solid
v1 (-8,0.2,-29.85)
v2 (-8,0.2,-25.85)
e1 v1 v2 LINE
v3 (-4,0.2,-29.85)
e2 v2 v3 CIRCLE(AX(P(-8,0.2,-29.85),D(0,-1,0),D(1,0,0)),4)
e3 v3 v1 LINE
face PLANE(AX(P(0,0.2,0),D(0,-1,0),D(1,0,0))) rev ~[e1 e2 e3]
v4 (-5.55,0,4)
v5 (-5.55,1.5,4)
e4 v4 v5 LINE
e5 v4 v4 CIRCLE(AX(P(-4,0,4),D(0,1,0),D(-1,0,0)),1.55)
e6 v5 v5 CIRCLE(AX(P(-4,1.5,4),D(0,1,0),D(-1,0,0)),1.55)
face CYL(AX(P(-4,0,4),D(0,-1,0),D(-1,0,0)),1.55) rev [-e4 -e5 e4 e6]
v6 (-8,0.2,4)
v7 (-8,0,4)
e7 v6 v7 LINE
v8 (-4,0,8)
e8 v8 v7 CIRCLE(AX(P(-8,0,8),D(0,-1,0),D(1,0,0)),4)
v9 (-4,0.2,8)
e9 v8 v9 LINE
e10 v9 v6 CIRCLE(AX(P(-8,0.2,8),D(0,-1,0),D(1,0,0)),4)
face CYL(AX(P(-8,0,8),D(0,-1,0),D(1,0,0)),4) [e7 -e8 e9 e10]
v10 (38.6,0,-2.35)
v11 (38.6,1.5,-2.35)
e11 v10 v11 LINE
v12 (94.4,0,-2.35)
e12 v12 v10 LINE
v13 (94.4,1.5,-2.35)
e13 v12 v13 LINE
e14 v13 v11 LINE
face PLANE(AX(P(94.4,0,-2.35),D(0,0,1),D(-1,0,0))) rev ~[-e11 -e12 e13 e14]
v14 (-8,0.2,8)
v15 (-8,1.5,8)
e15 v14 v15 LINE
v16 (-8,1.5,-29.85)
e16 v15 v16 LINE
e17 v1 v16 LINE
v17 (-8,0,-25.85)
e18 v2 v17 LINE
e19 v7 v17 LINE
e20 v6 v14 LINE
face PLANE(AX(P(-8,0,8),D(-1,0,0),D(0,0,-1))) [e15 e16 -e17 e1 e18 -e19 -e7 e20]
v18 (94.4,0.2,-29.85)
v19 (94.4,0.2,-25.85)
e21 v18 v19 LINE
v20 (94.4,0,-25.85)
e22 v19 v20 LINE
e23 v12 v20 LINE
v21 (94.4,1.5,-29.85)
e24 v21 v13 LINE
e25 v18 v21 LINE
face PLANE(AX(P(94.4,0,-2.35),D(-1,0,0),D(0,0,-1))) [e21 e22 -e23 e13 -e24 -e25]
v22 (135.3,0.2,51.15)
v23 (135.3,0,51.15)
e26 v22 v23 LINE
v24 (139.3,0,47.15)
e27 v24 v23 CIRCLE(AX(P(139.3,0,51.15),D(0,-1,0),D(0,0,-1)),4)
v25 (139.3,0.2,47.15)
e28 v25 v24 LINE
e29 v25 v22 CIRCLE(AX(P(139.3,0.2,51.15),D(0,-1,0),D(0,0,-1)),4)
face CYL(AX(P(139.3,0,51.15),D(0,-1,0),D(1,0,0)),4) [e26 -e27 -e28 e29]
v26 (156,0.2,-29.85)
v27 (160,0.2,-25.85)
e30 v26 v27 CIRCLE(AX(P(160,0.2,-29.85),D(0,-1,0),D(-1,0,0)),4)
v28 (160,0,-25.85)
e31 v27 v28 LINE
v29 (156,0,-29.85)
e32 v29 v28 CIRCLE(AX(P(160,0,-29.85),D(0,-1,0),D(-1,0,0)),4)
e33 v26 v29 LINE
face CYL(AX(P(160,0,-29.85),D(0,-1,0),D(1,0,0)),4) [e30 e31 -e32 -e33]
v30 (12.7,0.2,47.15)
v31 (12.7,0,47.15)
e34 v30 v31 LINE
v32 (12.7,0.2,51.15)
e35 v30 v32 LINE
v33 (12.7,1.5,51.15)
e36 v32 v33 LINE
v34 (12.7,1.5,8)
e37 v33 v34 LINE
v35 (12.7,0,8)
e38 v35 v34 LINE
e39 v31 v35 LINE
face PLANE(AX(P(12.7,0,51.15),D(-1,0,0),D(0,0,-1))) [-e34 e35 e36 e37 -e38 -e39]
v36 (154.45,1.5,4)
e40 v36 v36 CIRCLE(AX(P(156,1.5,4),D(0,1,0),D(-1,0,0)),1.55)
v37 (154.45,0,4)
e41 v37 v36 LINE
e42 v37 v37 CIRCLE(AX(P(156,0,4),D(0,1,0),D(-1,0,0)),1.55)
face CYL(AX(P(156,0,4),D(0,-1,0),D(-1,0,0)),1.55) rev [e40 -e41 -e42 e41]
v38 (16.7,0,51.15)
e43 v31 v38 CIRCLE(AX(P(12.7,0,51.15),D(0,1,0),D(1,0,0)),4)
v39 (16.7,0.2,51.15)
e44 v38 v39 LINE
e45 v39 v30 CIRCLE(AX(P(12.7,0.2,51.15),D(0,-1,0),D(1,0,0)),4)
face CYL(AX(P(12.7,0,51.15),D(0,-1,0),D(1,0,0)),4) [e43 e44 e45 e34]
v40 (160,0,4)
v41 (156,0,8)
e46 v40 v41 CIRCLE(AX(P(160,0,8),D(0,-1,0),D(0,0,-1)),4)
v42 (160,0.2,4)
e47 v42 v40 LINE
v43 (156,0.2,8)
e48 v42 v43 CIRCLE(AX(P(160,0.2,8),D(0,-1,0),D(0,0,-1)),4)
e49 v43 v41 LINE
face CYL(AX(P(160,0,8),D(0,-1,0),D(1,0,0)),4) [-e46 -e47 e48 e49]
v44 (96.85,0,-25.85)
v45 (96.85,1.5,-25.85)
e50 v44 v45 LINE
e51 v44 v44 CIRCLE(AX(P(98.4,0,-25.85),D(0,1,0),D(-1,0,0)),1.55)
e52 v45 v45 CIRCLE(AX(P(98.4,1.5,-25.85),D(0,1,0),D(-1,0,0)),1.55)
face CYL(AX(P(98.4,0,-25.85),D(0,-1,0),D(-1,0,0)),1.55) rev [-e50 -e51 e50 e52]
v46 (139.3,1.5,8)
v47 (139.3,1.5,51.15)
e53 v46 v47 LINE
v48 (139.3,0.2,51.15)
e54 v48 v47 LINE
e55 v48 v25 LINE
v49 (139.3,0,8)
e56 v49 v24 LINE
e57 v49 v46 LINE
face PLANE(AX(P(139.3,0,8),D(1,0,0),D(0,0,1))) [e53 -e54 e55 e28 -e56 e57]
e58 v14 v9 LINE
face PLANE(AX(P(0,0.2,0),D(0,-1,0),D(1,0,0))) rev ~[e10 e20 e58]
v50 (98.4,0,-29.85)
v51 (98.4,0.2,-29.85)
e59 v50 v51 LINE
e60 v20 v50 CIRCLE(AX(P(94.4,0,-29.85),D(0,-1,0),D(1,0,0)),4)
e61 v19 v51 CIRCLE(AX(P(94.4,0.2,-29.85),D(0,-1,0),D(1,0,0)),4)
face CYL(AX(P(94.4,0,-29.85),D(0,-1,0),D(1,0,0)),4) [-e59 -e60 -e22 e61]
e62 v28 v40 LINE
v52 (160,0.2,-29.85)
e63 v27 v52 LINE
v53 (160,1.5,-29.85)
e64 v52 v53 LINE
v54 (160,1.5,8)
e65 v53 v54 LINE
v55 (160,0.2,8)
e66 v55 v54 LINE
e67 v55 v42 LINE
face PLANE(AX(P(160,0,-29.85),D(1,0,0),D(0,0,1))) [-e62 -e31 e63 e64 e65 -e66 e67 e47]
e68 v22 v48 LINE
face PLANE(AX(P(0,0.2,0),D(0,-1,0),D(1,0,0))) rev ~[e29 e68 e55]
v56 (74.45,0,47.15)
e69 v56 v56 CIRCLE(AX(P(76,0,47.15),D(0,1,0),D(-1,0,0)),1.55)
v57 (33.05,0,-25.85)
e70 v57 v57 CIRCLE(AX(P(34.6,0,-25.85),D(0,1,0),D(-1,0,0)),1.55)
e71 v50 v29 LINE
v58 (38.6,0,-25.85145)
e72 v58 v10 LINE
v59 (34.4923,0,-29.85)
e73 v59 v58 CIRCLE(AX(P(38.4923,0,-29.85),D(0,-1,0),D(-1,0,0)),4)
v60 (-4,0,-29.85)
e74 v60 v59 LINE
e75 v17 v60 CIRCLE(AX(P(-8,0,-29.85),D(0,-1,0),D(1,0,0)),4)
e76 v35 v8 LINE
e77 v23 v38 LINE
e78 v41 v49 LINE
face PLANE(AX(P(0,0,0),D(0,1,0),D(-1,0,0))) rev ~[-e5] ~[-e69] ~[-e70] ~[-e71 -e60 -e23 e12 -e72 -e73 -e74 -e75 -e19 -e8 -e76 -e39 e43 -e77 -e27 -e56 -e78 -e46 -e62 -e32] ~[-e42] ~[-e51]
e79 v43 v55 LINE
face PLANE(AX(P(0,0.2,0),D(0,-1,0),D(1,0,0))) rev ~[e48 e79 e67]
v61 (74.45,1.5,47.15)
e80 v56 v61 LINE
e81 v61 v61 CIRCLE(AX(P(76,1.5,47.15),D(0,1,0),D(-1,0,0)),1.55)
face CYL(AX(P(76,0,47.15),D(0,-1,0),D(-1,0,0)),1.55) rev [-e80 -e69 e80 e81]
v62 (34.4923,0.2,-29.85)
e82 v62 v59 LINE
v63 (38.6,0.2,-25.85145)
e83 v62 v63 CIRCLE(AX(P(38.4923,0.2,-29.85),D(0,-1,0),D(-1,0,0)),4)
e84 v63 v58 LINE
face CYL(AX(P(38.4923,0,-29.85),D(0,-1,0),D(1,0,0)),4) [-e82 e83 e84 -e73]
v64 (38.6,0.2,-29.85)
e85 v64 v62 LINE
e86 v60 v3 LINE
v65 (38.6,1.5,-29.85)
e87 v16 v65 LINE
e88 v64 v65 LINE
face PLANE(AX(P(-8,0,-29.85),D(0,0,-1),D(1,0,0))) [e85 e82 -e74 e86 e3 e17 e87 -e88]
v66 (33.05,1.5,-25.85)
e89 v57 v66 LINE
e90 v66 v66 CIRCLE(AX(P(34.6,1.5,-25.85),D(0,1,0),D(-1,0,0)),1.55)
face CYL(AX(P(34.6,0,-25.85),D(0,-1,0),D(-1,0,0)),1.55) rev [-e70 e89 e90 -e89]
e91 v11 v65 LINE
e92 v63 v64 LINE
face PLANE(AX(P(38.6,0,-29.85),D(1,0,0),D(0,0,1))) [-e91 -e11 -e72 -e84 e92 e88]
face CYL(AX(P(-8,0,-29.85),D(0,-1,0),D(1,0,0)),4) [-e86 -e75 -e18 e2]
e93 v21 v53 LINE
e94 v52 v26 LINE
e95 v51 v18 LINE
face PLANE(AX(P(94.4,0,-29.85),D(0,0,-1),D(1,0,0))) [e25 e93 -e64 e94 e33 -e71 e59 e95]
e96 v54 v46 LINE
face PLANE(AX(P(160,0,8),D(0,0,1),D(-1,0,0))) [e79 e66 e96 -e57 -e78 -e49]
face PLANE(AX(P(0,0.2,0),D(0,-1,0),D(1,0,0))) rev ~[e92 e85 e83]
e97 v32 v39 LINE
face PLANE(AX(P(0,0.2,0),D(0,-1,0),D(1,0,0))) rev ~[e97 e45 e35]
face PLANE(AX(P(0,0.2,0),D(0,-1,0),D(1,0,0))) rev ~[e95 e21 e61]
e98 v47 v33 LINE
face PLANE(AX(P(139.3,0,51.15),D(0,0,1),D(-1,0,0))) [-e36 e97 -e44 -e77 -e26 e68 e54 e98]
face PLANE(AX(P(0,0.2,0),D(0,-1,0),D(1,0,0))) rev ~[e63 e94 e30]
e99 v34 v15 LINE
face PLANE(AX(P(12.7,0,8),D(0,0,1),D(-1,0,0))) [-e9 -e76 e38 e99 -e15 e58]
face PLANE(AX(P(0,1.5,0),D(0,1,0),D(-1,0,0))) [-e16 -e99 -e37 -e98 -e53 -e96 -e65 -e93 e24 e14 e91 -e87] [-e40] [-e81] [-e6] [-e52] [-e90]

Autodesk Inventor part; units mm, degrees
ref_plane "YZ Plane" through (0, 0, 0) normal (1, 0, 0) x (0, 1, 0)
ref_plane "XZ Plane" through (0, 0, 0) normal (0, 1, 0) x (-1, 0, 0)
ref_plane "XY Plane" through (0, 0, 0) normal (0, 0, 1) x (1, 0, 0)
sketch "Sketch1" plane through (0, 0, 0) normal (0, 1, 0) x (-1, 0, 0)
  line L0 (-12.7, 8) -> (8, 8) projected
  line L1 (8, 8) -> (-12.7, 8)
  line L2 (8, 8) -> (8, -29.85) projected
  line L3 (8, 8) -> (8, -29.85)
  line L4 (-38.6, -29.85) -> (-38.6, -21.85) projected
  line L5 (8, -29.85) -> (-38.6, -29.85)
  line L6 (-38.6, -2.35) -> (-38.6, -21.85) projected
  line L7 (-38.6, -29.85) -> (-38.6, -2.35)
  line L8 (-94.4, -2.35) -> (-38.6, -2.35) projected
  line L9 (-38.6, -2.35) -> (-94.4, -2.35)
  line L10 (-94.4, -21.85) -> (-94.4, -29.85) projected
  line L11 (-94.4, -2.35) -> (-94.4, -29.85)
  line L12 (-94.4, -29.85) -> (-160, -29.85) projected
  line L13 (-94.4, -29.85) -> (-160, -29.85)
  line L14 (-160, -29.85) -> (-160, 8) projected
  line L15 (-160, -29.85) -> (-160, 8)
  line L16 (-139.3, 8) -> (-139.3, 51.15) projected
  line L17 (-160, 8) -> (-139.3, 8)
  line L18 (-139.3, 8) -> (-139.3, 51.15)
  line L19 (-139.3, 51.15) -> (-12.7, 51.15) projected
  line L20 (-139.3, 51.15) -> (-12.7, 51.15)
  line L21 (-12.7, 51.15) -> (-12.7, 8) projected
  line L22 (-12.7, 51.15) -> (-12.7, 8)
  circle A0 centre (-34.6, -25.85) radius 1.875 projected
  circle A1 centre (-34.6, -25.85) radius 1.55
  circle A2 centre (4, 4) radius 1.55
  circle A3 centre (-76, 47.15) radius 1.55
  circle A4 centre (-156, 4) radius 1.55
  circle A5 centre (-98.4, -25.85) radius 1.55
  point P0 (0, 0)
  dimension "d2" = 3.1
extrude "Extrusion1" add sketch "Sketch1" along normal blind 1.5 contours L0 L2 L5 L4 L6 L8 L11 L10 L12 L14 L17 L16 L19 L21 | A0
sketch "Sketch2" plane through (0, 0, 0) normal (0, -1, 0) x (1, 0, 0)
  line L0 (12.7, 8) -> (12.7, 51.15) projected
  circle A0 centre (12.7, 51.15) radius 4
  line L1 (12.7, 51.15) -> (139.3, 51.15) projected
  circle A1 centre (139.3, 51.15) radius 4
  line L2 (160, 8) -> (160, -29.85) projected
  circle A2 centre (160, 8) radius 4
  circle A3 centre (160, -29.85) radius 4
  circle A4 centre (94.4, -29.85) radius 4
  circle A5 centre (38.4923, -29.85) radius 4
  line L3 (38.6, -29.85) -> (-8, -29.85) projected
  circle A6 centre (-8, -29.85) radius 4
  circle A7 centre (-8, 8) radius 4
  point P0 (0, 0)
  dimension "d7" = 8
  dimension "d8" = 8
  dimension "d9" = 8
  dimension "d10" = 8
  dimension "d11" = 8
  dimension "d12" = 8
  dimension "d13" = 8
  dimension "d14" = 8
extrude "Extrusion2" add sketch "Sketch2" against normal blind 0.2
properties part number "TopPlate"
